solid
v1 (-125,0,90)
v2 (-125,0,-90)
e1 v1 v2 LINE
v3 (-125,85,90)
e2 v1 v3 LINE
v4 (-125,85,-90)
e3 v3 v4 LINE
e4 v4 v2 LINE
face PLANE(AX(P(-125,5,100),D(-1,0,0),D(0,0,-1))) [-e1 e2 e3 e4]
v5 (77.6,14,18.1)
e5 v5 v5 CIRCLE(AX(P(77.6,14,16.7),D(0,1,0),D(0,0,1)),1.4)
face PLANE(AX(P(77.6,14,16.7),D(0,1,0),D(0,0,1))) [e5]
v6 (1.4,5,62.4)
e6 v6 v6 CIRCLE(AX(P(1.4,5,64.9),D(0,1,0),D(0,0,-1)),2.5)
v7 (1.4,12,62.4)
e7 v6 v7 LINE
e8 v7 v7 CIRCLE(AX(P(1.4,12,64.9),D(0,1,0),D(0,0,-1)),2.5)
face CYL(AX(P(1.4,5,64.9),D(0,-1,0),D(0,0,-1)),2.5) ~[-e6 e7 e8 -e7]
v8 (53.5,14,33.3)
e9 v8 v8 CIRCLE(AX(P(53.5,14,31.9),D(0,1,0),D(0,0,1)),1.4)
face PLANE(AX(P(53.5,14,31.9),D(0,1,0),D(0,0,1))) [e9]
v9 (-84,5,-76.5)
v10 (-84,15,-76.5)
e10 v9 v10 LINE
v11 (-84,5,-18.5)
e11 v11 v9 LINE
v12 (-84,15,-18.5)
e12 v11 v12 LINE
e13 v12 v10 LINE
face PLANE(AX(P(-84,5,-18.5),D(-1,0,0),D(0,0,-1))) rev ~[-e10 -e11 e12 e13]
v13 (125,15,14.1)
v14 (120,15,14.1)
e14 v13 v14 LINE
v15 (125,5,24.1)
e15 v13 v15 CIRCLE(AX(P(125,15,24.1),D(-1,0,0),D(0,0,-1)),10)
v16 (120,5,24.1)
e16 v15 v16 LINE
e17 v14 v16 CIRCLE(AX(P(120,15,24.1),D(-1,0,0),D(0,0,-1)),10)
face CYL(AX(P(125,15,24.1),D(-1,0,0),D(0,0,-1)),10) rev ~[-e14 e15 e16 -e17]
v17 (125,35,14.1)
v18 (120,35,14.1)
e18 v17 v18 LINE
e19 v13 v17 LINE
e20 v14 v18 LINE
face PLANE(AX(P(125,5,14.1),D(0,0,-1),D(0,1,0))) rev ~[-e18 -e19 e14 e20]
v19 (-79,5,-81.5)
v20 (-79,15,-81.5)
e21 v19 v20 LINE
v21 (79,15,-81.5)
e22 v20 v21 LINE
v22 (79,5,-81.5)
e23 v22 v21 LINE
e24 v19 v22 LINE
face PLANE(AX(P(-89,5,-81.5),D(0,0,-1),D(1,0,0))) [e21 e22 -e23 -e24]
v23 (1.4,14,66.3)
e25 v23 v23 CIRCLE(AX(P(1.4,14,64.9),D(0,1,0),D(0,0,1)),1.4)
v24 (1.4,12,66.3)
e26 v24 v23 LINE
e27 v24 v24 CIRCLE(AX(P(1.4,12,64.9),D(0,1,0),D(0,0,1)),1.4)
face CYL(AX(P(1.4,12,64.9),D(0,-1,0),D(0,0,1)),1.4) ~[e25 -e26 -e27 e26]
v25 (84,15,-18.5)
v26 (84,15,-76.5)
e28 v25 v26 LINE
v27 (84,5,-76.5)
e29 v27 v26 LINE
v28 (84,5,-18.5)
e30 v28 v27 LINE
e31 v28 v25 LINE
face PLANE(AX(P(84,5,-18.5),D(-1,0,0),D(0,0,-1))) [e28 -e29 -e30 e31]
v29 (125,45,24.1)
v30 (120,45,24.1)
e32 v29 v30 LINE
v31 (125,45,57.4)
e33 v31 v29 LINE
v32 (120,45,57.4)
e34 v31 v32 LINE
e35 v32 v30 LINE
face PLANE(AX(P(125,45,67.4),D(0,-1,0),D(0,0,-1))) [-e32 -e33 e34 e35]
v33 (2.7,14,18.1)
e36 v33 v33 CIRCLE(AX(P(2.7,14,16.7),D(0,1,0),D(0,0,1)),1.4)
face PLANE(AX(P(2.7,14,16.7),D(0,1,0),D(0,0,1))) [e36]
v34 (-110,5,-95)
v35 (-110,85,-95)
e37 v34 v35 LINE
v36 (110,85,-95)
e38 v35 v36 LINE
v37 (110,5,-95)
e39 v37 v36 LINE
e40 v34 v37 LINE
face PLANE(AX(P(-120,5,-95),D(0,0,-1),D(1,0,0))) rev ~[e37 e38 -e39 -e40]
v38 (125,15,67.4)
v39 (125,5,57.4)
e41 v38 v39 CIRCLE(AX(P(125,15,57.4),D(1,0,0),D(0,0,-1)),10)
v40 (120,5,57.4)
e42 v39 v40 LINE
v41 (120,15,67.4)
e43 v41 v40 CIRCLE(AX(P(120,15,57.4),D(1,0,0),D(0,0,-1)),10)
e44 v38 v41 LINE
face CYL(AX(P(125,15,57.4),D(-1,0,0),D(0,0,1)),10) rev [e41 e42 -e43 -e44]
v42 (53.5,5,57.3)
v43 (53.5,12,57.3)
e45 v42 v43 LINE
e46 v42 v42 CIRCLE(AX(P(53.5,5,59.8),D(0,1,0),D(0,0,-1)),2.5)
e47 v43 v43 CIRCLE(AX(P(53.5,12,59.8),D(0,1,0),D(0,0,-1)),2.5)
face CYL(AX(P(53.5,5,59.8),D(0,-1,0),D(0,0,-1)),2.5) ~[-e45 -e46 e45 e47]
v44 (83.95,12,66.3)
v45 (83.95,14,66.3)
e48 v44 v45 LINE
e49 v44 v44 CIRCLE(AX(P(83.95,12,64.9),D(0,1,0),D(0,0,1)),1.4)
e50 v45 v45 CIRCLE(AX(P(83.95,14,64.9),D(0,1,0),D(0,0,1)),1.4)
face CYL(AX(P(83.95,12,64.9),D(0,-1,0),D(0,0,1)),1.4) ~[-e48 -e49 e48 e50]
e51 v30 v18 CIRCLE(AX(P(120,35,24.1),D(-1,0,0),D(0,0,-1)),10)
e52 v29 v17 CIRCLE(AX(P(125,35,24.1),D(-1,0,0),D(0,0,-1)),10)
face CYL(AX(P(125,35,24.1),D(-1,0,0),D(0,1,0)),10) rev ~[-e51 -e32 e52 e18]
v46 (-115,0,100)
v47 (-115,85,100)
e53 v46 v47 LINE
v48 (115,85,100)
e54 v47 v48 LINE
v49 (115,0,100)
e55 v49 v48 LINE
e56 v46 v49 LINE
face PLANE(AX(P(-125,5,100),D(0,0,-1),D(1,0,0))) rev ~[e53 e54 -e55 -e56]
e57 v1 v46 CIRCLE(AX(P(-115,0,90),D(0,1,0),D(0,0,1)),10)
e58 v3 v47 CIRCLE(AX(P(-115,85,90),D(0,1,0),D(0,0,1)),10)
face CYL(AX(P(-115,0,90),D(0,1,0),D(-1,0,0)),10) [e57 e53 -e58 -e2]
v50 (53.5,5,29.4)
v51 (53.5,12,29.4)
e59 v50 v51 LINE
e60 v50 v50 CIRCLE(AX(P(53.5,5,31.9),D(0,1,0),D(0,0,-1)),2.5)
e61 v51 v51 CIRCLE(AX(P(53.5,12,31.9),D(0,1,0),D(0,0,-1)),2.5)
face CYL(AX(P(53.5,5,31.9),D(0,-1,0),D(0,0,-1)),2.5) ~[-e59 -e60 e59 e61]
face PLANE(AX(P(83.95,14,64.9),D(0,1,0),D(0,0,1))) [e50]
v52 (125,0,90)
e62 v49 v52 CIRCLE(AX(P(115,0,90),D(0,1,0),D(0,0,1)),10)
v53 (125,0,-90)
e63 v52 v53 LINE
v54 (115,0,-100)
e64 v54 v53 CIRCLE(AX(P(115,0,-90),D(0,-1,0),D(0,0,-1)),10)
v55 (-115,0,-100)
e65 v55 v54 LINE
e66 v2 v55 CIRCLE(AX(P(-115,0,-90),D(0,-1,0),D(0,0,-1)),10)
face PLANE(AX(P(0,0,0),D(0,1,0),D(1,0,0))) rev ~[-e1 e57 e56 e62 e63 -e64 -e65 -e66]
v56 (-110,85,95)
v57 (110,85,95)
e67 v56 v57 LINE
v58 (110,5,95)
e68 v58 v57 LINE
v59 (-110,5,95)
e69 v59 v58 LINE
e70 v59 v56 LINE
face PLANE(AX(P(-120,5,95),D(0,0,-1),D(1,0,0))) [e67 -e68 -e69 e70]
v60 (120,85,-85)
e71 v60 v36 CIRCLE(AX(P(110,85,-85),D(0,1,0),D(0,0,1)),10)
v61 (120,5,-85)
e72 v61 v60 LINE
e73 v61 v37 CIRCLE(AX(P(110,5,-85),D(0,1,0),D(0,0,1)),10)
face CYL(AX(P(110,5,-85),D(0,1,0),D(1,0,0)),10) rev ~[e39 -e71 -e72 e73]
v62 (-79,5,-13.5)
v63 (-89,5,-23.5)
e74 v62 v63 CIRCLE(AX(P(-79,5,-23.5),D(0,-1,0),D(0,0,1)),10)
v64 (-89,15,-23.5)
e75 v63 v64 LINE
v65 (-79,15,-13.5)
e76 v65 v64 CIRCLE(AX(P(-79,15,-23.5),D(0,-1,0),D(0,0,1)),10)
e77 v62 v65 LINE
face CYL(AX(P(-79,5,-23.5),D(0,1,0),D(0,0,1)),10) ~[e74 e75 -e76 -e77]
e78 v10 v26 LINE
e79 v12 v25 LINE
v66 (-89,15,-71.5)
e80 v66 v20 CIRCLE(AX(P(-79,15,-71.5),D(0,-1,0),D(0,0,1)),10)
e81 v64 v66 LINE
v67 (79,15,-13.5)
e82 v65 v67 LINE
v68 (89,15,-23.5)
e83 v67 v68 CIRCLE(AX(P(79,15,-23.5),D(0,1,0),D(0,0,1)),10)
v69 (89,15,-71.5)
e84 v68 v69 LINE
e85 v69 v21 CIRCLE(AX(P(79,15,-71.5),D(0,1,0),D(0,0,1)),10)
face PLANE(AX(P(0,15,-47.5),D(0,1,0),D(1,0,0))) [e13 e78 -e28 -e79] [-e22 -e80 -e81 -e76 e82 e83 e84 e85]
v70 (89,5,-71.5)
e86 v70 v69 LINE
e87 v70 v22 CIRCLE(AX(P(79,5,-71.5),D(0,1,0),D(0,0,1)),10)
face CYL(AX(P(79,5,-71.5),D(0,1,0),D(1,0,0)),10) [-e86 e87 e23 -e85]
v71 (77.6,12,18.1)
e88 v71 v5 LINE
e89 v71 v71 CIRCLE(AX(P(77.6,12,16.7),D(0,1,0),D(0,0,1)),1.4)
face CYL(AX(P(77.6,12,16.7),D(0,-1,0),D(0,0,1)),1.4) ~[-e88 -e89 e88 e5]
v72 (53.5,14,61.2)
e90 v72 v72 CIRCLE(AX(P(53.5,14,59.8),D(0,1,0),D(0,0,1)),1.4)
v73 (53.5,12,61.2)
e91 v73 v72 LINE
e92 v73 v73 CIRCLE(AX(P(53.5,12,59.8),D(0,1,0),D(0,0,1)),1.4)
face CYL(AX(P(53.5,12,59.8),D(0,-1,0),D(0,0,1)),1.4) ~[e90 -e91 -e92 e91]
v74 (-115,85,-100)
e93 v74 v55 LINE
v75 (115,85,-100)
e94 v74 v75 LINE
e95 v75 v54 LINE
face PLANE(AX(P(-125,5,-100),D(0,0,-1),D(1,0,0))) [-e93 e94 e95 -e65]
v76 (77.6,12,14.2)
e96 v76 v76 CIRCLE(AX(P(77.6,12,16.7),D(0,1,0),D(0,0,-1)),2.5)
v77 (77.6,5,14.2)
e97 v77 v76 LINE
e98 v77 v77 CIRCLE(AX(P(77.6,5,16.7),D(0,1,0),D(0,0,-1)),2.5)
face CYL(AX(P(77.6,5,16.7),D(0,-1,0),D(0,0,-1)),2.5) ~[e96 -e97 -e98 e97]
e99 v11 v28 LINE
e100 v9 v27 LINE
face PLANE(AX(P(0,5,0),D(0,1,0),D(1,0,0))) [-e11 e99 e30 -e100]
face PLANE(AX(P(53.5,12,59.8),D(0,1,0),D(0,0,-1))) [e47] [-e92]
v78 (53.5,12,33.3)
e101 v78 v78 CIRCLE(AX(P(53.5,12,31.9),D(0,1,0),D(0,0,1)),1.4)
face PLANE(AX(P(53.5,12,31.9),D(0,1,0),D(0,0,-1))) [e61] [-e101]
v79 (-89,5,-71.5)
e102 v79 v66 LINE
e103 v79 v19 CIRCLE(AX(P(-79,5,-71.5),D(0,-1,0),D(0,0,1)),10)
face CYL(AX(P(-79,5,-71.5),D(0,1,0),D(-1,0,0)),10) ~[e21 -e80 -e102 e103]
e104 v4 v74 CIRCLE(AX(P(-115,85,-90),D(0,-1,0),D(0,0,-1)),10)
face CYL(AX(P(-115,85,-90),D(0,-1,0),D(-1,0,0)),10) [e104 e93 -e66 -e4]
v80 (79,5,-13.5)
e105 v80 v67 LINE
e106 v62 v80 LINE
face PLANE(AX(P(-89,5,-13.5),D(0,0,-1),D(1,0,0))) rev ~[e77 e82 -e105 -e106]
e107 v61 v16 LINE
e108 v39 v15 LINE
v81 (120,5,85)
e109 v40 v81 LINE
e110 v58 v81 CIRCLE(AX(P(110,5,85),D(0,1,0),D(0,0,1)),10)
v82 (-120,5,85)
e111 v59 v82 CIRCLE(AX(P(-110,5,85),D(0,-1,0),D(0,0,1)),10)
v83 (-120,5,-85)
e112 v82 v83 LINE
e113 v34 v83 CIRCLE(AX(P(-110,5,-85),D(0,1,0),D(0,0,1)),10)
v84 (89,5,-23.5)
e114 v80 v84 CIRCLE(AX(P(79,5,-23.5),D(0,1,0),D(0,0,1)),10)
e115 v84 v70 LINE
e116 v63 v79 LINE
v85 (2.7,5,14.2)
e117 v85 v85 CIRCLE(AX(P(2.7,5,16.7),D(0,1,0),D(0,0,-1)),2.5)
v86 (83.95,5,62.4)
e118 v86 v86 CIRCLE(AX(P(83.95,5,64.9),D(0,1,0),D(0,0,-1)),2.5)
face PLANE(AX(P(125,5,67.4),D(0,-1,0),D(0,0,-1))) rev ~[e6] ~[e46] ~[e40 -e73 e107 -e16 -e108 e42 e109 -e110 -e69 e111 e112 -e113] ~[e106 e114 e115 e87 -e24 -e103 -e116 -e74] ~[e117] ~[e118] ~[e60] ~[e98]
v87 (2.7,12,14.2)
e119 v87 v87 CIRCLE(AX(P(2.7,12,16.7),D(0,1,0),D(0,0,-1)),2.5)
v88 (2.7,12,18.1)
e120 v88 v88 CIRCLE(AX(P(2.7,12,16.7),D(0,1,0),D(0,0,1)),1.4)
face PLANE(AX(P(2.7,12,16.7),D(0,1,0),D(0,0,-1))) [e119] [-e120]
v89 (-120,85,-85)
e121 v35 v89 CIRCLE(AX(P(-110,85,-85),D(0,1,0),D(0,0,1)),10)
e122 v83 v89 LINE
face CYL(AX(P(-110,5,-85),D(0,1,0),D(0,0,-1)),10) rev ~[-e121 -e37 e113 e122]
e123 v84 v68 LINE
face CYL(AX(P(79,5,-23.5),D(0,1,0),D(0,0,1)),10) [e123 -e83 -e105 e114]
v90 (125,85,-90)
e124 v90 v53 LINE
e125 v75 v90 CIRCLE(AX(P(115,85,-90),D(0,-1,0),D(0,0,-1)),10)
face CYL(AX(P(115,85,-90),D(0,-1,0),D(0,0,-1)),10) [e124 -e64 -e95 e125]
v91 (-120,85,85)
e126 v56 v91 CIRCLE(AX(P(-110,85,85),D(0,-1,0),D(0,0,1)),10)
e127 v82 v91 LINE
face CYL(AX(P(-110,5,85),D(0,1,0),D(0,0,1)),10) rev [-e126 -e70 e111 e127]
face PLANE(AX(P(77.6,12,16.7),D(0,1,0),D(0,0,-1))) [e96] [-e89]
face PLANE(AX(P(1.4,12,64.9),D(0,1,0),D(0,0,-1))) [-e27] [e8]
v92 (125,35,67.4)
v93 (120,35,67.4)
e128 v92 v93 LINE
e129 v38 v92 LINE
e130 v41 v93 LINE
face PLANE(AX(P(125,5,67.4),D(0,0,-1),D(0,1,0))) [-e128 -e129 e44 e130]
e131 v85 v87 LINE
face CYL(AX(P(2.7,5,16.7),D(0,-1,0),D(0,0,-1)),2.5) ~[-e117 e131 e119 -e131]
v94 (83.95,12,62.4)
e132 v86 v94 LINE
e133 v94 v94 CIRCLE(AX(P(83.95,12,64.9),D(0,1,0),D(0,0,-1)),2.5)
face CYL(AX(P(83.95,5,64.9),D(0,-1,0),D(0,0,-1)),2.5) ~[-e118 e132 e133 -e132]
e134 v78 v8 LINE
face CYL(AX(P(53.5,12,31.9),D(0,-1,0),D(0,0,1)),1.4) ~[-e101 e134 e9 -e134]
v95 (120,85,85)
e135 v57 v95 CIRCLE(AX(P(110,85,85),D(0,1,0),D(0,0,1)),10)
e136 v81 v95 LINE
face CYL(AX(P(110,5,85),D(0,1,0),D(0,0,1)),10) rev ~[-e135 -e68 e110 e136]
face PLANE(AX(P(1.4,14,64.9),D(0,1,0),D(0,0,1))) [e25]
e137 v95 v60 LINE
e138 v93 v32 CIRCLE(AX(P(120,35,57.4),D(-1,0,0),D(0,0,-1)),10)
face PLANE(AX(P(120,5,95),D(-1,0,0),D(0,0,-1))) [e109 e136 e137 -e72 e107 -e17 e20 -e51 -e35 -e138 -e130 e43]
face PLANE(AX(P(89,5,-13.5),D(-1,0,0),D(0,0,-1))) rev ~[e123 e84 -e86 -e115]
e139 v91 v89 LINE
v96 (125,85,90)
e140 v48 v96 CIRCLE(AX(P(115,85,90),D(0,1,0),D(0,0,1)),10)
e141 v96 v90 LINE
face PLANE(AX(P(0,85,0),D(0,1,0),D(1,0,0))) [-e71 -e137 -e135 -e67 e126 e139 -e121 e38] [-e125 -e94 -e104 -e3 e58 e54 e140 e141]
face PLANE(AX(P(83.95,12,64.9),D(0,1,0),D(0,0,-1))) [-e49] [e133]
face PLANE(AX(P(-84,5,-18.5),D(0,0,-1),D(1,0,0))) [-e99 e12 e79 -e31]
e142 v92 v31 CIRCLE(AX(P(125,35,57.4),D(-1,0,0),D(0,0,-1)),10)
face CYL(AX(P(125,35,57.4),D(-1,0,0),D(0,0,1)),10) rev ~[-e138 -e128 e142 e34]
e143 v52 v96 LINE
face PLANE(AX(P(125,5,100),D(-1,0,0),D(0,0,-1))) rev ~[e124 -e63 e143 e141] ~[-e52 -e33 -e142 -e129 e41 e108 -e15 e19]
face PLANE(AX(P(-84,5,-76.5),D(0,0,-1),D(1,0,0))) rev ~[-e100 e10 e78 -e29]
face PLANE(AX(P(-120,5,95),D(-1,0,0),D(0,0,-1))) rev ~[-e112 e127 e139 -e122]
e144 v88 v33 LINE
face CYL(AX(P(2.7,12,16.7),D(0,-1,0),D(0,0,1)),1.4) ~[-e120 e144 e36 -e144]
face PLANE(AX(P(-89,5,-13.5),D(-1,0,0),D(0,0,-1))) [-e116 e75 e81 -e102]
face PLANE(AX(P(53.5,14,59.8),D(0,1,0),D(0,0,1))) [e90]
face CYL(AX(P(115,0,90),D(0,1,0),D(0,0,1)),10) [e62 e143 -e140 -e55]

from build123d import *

# Parameters (mm, degrees)
SKETCH2_W           = 250
SKETCH2_H           = 200
BOSS_EXTRUDE1_DEPTH = 5
SKETCH3_W           = 250
SKETCH3_H           = 200
SKETCH3_W_2         = 240
SKETCH3_H_2         = 190
BOSS_EXTRUDE2_DEPTH = 80
SKETCH1_W           = 178
SKETCH1_H           = 68
SKETCH1_W_2         = 168
SKETCH1_H_2         = 58
BOSS_EXTRUDE3_DEPTH = 10
SKETCH7_R           = 2.5
BOSS_EXTRUDE4_DEPTH = 7
SKETCH8_R           = 1.4
BOSS_EXTRUDE5_DEPTH = 2
CUT_EXTRUDE1_REACH  = 284.356
SKETCH4_W           = 53.3
SKETCH4_H           = 40
FILLET1_R           = 10


with BuildPart() as part:
    # Sketch2 → Boss-Extrude1 (new body)
    with BuildSketch(Plane(origin=(0, 0, 0), x_dir=(1, 0, 0), z_dir=(0, 1, 0))):
        Rectangle(SKETCH2_W, SKETCH2_H)
    extrude(amount=BOSS_EXTRUDE1_DEPTH)

    # Sketch3 → Boss-Extrude2 (add)
    with BuildSketch(Plane(origin=(0, 5, 0), x_dir=(1, 0, 0), z_dir=(0, 1, 0))):
        Rectangle(SKETCH3_W, SKETCH3_H)
        Rectangle(SKETCH3_W_2, SKETCH3_H_2, mode=Mode.SUBTRACT)
    extrude(amount=BOSS_EXTRUDE2_DEPTH)

    # Sketch1 → Boss-Extrude3 (add)
    with BuildSketch(Plane(origin=(0, 5, 0), x_dir=(1, 0, 0), z_dir=(0, 1, 0))):
        with Locations((0, 47.5)):
            Rectangle(SKETCH1_W, SKETCH1_H)
        with Locations((0, 47.5)):
            Rectangle(SKETCH1_W_2, SKETCH1_H_2, mode=Mode.SUBTRACT)
    extrude(amount=BOSS_EXTRUDE3_DEPTH)

    # Sketch7 → Boss-Extrude4 (add)
    with BuildSketch(Plane(origin=(0, 5, 0), x_dir=(1, 0, 0), z_dir=(0, 1, 0))):
        with Locations(Location((2.7, -16.7, 0), (0, 0, 90))):
            Circle(SKETCH7_R)
        with Locations(Location((1.4, -64.9, 0), (0, 0, 90))):
            Circle(SKETCH7_R)
        with Locations(Location((53.5, -31.9, 0), (0, 0, 90))):
            Circle(SKETCH7_R)
        with Locations(Location((77.6, -16.7, 0), (0, 0, 90))):
            Circle(SKETCH7_R)
        with Locations(Location((83.95, -64.9, 0), (0, 0, 90))):
            Circle(SKETCH7_R)
        with Locations(Location((53.5, -59.8, 0), (0, 0, 90))):
            Circle(SKETCH7_R)
    extrude(amount=BOSS_EXTRUDE4_DEPTH)

    # Sketch8 → Boss-Extrude5 (add)
    with BuildSketch(Plane(origin=(0, 12, 0), x_dir=(1, 0, 0), z_dir=(0, 1, 0))):
        with Locations(Location((2.7, -16.7, 0), (0, 0, 270))):
            Circle(SKETCH8_R)
        with Locations(Location((53.5, -31.9, 0), (0, 0, 270))):
            Circle(SKETCH8_R)
        with Locations(Location((77.6, -16.7, 0), (0, 0, 270))):
            Circle(SKETCH8_R)
        with Locations(Location((53.5, -59.8, 0), (0, 0, 270))):
            Circle(SKETCH8_R)
        with Locations(Location((1.4, -64.9, 0), (0, 0, 270))):
            Circle(SKETCH8_R)
        with Locations(Location((83.95, -64.9, 0), (0, 0, 270))):
            Circle(SKETCH8_R)
    extrude(amount=BOSS_EXTRUDE5_DEPTH)

    # Sketch4 → Cut-Extrude1 (cut, up to next)
    with BuildSketch(Plane(origin=(125, 0, 0), x_dir=(0, 0, -1), z_dir=(1, 0, 0)), mode=Mode.PRIVATE) as cut_extrude1_sk1:
        with Locations((-40.75, 25)):
            Rectangle(SKETCH4_W, SKETCH4_H)
    cut_extrude1_tool1 = extrude(cut_extrude1_sk1.sketch, amount=-CUT_EXTRUDE1_REACH, mode=Mode.PRIVATE) & part.part
    add(cut_extrude1_tool1.solids().sort_by_distance((125, 25, 40.75))[0], mode=Mode.SUBTRACT)

    # Fillet1
    fillet1_edges = [part.edges().sort_by_distance(p)[0] for p in [
        (122.5, 5, 67.4),
        (122.5, 45, 67.4),
        (122.5, 45, 14.1),
        (122.5, 5, 14.1),
        (120, 45, 95),
        (120, 45, -95),
        (-120, 45, -95),
        (-120, 45, 95),
        (-89, 10, -13.5),
        (89, 10, -13.5),
        (89, 10, -81.5),
        (-89, 10, -81.5),
        (125, 42.5, 100),
        (-125, 42.5, 100),
        (-125, 42.5, -100),
        (125, 42.5, -100),
    ]]
    fillet(fillet1_edges, radius=FILLET1_R)


solid = part.part
